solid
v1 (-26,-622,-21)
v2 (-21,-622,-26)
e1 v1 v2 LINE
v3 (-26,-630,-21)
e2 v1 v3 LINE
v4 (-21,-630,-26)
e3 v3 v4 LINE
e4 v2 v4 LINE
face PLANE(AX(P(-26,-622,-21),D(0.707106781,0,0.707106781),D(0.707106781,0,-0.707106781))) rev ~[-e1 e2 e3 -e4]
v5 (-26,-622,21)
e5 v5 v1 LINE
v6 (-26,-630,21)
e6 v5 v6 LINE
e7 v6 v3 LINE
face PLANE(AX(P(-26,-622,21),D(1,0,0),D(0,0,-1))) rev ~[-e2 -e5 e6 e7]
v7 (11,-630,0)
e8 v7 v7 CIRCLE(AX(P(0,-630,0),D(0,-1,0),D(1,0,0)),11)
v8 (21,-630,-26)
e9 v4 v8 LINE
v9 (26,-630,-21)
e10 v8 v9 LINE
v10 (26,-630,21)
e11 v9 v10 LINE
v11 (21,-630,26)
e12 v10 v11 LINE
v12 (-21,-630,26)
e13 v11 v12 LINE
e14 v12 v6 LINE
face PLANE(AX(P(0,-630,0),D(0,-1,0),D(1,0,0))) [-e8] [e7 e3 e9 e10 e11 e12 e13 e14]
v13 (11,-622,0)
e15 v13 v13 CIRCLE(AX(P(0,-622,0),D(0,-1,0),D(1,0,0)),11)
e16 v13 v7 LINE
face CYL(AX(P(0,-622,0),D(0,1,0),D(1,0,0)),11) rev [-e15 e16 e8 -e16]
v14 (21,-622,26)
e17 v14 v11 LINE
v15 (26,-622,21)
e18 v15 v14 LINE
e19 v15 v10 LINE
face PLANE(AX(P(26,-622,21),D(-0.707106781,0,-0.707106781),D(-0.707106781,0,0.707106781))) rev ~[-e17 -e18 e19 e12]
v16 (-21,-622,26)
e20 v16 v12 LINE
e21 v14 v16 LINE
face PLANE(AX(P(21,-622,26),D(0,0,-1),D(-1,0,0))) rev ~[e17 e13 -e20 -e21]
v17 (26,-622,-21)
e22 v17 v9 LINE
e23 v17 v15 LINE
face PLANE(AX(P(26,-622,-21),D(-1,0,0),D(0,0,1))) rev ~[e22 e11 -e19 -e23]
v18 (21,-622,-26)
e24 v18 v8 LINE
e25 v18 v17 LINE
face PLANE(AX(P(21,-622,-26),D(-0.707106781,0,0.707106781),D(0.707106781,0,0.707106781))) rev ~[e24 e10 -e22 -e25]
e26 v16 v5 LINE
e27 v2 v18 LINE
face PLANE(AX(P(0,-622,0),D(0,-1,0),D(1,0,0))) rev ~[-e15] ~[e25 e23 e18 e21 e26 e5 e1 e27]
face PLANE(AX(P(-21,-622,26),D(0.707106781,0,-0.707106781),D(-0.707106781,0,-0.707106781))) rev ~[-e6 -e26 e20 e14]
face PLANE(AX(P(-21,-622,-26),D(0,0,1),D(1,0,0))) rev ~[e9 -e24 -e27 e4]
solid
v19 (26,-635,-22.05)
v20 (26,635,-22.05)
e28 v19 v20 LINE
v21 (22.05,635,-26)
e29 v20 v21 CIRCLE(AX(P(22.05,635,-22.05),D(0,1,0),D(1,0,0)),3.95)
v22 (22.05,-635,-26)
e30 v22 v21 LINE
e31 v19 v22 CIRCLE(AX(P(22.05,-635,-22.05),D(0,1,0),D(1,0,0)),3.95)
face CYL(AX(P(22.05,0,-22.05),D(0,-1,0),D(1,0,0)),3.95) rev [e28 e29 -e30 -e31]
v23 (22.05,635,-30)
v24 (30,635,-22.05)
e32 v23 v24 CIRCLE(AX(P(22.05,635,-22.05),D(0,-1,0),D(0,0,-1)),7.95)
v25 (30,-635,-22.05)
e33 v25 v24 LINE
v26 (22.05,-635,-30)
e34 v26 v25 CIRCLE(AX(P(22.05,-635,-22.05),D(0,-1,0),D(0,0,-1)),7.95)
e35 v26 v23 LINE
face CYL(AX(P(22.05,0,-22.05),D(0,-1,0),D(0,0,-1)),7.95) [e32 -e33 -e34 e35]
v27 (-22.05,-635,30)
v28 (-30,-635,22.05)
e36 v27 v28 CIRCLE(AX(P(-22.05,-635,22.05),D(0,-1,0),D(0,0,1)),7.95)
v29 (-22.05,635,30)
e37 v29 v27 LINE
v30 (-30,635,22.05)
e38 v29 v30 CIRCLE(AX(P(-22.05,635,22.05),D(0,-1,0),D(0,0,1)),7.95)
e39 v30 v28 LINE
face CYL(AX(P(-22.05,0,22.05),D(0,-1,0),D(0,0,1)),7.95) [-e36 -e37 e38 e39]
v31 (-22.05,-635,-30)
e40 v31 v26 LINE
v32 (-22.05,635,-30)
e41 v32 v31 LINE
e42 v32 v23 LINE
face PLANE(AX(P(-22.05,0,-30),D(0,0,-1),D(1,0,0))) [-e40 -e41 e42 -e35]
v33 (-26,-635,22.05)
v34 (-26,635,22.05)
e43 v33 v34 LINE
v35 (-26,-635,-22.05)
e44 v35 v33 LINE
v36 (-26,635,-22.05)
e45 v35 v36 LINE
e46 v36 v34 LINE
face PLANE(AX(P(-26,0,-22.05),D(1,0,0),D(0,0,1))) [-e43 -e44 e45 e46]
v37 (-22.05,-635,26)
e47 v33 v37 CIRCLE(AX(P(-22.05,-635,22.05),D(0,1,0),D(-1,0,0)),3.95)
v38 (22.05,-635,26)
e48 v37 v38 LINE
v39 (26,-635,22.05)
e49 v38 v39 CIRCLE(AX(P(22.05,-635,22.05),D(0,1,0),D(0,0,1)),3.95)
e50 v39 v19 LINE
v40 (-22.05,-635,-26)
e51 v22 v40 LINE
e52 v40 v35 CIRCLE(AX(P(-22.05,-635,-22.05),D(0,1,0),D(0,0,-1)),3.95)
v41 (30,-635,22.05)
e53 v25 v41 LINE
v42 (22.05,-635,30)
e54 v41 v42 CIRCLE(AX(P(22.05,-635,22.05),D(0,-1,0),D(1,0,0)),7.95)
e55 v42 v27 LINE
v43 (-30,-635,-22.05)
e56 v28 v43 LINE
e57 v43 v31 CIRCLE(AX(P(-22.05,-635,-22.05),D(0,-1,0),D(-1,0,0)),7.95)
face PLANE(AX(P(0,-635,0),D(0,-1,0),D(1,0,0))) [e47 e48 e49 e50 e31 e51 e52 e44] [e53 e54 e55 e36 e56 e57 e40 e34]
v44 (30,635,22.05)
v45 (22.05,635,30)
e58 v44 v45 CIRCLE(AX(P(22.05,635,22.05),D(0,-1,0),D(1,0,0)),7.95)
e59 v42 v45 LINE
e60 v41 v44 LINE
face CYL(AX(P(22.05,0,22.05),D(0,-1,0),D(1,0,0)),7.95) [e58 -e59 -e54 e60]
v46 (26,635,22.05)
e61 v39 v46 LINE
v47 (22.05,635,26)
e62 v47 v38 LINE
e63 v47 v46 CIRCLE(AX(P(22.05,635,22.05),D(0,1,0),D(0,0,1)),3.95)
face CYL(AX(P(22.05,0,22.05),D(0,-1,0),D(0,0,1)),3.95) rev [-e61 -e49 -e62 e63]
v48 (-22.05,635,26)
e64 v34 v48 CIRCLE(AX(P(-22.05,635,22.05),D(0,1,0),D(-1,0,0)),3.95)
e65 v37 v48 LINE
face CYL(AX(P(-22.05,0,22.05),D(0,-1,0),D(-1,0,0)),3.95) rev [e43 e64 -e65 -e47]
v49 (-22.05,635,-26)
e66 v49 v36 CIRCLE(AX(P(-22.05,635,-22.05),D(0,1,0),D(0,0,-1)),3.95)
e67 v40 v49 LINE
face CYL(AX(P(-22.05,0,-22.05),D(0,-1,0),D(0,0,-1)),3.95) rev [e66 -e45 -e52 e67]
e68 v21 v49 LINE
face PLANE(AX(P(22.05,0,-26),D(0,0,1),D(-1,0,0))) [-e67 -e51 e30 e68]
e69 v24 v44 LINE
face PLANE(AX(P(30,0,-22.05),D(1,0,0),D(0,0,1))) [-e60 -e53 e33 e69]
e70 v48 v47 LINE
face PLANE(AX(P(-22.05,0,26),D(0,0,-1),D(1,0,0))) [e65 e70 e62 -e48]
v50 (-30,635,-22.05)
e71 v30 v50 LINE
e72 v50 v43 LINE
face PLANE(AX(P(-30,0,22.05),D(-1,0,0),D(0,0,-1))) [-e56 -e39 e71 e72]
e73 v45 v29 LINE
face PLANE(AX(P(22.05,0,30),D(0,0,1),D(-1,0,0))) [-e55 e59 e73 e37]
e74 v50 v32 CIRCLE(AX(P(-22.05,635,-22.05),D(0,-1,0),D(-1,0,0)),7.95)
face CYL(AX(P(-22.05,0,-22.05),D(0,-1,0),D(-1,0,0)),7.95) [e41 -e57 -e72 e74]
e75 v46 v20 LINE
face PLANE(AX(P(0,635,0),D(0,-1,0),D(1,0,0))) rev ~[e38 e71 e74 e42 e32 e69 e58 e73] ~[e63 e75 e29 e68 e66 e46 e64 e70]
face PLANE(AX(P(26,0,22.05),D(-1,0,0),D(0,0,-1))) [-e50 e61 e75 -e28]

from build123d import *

# Parameters (mm, degrees)
F1_DEPTH = 635
F2_START = 622
F0_R     = 11
F2_DEPTH = 8


with BuildPart() as f1:
    # F0 (on Front) → F1 (new body, symmetric)
    with BuildSketch(Plane.XZ):
        with BuildLine():
            Line((22.05, 30), (-22.05, 30))
            ThreePointArc((-22.05, 30), (-27.6714989104, 27.6714989104), (-30, 22.05))
            Line((-30, 22.05), (-30, -22.05))
            ThreePointArc((-30, -22.05), (-27.6714989104, -27.6714989104), (-22.05, -30))
            Line((-22.05, -30), (22.05, -30))
            ThreePointArc((22.05, -30), (27.6714989104, -27.6714989104), (30, -22.05))
            Line((30, -22.05), (30, 22.05))
            ThreePointArc((30, 22.05), (27.6714989104, 27.6714989104), (22.05, 30))
        make_face()
        with BuildLine():
            ThreePointArc((22.05, 26), (24.8430717857, 24.8430717857), (26, 22.05))
            Line((26, 22.05), (26, 21))
            Line((26, 21), (26, -21))
            Line((26, -21), (26, -22.05))
            ThreePointArc((26, -22.05), (24.8430717857, -24.8430717857), (22.05, -26))
            Line((22.05, -26), (21, -26))
            Line((21, -26), (-21, -26))
            Line((-21, -26), (-22.05, -26))
            ThreePointArc((-22.05, -26), (-24.8430717857, -24.8430717857), (-26, -22.05))
            Line((-26, -22.05), (-26, -21))
            Line((-26, -21), (-26, 21))
            Line((-26, 21), (-26, 22.05))
            ThreePointArc((-26, 22.05), (-24.8430717857, 24.8430717857), (-22.05, 26))
            Line((-22.05, 26), (-21, 26))
            Line((-21, 26), (21, 26))
            Line((21, 26), (22.05, 26))
        make_face(mode=Mode.SUBTRACT)
    extrude(amount=F1_DEPTH, both=True)


with BuildPart() as f2:
    # F0 (on Front) → F2 (new body)
    with BuildSketch(Plane.XZ.offset(F2_START)):
        Polygon((26, -21), (26, 21), (21, 26), (-21, 26), (-26, 21), (-26, -21), (-21, -26), (21, -26), align=None)
        Circle(F0_R, mode=Mode.SUBTRACT)
    extrude(amount=F2_DEPTH)


solid = Compound([f1.part, f2.part])
